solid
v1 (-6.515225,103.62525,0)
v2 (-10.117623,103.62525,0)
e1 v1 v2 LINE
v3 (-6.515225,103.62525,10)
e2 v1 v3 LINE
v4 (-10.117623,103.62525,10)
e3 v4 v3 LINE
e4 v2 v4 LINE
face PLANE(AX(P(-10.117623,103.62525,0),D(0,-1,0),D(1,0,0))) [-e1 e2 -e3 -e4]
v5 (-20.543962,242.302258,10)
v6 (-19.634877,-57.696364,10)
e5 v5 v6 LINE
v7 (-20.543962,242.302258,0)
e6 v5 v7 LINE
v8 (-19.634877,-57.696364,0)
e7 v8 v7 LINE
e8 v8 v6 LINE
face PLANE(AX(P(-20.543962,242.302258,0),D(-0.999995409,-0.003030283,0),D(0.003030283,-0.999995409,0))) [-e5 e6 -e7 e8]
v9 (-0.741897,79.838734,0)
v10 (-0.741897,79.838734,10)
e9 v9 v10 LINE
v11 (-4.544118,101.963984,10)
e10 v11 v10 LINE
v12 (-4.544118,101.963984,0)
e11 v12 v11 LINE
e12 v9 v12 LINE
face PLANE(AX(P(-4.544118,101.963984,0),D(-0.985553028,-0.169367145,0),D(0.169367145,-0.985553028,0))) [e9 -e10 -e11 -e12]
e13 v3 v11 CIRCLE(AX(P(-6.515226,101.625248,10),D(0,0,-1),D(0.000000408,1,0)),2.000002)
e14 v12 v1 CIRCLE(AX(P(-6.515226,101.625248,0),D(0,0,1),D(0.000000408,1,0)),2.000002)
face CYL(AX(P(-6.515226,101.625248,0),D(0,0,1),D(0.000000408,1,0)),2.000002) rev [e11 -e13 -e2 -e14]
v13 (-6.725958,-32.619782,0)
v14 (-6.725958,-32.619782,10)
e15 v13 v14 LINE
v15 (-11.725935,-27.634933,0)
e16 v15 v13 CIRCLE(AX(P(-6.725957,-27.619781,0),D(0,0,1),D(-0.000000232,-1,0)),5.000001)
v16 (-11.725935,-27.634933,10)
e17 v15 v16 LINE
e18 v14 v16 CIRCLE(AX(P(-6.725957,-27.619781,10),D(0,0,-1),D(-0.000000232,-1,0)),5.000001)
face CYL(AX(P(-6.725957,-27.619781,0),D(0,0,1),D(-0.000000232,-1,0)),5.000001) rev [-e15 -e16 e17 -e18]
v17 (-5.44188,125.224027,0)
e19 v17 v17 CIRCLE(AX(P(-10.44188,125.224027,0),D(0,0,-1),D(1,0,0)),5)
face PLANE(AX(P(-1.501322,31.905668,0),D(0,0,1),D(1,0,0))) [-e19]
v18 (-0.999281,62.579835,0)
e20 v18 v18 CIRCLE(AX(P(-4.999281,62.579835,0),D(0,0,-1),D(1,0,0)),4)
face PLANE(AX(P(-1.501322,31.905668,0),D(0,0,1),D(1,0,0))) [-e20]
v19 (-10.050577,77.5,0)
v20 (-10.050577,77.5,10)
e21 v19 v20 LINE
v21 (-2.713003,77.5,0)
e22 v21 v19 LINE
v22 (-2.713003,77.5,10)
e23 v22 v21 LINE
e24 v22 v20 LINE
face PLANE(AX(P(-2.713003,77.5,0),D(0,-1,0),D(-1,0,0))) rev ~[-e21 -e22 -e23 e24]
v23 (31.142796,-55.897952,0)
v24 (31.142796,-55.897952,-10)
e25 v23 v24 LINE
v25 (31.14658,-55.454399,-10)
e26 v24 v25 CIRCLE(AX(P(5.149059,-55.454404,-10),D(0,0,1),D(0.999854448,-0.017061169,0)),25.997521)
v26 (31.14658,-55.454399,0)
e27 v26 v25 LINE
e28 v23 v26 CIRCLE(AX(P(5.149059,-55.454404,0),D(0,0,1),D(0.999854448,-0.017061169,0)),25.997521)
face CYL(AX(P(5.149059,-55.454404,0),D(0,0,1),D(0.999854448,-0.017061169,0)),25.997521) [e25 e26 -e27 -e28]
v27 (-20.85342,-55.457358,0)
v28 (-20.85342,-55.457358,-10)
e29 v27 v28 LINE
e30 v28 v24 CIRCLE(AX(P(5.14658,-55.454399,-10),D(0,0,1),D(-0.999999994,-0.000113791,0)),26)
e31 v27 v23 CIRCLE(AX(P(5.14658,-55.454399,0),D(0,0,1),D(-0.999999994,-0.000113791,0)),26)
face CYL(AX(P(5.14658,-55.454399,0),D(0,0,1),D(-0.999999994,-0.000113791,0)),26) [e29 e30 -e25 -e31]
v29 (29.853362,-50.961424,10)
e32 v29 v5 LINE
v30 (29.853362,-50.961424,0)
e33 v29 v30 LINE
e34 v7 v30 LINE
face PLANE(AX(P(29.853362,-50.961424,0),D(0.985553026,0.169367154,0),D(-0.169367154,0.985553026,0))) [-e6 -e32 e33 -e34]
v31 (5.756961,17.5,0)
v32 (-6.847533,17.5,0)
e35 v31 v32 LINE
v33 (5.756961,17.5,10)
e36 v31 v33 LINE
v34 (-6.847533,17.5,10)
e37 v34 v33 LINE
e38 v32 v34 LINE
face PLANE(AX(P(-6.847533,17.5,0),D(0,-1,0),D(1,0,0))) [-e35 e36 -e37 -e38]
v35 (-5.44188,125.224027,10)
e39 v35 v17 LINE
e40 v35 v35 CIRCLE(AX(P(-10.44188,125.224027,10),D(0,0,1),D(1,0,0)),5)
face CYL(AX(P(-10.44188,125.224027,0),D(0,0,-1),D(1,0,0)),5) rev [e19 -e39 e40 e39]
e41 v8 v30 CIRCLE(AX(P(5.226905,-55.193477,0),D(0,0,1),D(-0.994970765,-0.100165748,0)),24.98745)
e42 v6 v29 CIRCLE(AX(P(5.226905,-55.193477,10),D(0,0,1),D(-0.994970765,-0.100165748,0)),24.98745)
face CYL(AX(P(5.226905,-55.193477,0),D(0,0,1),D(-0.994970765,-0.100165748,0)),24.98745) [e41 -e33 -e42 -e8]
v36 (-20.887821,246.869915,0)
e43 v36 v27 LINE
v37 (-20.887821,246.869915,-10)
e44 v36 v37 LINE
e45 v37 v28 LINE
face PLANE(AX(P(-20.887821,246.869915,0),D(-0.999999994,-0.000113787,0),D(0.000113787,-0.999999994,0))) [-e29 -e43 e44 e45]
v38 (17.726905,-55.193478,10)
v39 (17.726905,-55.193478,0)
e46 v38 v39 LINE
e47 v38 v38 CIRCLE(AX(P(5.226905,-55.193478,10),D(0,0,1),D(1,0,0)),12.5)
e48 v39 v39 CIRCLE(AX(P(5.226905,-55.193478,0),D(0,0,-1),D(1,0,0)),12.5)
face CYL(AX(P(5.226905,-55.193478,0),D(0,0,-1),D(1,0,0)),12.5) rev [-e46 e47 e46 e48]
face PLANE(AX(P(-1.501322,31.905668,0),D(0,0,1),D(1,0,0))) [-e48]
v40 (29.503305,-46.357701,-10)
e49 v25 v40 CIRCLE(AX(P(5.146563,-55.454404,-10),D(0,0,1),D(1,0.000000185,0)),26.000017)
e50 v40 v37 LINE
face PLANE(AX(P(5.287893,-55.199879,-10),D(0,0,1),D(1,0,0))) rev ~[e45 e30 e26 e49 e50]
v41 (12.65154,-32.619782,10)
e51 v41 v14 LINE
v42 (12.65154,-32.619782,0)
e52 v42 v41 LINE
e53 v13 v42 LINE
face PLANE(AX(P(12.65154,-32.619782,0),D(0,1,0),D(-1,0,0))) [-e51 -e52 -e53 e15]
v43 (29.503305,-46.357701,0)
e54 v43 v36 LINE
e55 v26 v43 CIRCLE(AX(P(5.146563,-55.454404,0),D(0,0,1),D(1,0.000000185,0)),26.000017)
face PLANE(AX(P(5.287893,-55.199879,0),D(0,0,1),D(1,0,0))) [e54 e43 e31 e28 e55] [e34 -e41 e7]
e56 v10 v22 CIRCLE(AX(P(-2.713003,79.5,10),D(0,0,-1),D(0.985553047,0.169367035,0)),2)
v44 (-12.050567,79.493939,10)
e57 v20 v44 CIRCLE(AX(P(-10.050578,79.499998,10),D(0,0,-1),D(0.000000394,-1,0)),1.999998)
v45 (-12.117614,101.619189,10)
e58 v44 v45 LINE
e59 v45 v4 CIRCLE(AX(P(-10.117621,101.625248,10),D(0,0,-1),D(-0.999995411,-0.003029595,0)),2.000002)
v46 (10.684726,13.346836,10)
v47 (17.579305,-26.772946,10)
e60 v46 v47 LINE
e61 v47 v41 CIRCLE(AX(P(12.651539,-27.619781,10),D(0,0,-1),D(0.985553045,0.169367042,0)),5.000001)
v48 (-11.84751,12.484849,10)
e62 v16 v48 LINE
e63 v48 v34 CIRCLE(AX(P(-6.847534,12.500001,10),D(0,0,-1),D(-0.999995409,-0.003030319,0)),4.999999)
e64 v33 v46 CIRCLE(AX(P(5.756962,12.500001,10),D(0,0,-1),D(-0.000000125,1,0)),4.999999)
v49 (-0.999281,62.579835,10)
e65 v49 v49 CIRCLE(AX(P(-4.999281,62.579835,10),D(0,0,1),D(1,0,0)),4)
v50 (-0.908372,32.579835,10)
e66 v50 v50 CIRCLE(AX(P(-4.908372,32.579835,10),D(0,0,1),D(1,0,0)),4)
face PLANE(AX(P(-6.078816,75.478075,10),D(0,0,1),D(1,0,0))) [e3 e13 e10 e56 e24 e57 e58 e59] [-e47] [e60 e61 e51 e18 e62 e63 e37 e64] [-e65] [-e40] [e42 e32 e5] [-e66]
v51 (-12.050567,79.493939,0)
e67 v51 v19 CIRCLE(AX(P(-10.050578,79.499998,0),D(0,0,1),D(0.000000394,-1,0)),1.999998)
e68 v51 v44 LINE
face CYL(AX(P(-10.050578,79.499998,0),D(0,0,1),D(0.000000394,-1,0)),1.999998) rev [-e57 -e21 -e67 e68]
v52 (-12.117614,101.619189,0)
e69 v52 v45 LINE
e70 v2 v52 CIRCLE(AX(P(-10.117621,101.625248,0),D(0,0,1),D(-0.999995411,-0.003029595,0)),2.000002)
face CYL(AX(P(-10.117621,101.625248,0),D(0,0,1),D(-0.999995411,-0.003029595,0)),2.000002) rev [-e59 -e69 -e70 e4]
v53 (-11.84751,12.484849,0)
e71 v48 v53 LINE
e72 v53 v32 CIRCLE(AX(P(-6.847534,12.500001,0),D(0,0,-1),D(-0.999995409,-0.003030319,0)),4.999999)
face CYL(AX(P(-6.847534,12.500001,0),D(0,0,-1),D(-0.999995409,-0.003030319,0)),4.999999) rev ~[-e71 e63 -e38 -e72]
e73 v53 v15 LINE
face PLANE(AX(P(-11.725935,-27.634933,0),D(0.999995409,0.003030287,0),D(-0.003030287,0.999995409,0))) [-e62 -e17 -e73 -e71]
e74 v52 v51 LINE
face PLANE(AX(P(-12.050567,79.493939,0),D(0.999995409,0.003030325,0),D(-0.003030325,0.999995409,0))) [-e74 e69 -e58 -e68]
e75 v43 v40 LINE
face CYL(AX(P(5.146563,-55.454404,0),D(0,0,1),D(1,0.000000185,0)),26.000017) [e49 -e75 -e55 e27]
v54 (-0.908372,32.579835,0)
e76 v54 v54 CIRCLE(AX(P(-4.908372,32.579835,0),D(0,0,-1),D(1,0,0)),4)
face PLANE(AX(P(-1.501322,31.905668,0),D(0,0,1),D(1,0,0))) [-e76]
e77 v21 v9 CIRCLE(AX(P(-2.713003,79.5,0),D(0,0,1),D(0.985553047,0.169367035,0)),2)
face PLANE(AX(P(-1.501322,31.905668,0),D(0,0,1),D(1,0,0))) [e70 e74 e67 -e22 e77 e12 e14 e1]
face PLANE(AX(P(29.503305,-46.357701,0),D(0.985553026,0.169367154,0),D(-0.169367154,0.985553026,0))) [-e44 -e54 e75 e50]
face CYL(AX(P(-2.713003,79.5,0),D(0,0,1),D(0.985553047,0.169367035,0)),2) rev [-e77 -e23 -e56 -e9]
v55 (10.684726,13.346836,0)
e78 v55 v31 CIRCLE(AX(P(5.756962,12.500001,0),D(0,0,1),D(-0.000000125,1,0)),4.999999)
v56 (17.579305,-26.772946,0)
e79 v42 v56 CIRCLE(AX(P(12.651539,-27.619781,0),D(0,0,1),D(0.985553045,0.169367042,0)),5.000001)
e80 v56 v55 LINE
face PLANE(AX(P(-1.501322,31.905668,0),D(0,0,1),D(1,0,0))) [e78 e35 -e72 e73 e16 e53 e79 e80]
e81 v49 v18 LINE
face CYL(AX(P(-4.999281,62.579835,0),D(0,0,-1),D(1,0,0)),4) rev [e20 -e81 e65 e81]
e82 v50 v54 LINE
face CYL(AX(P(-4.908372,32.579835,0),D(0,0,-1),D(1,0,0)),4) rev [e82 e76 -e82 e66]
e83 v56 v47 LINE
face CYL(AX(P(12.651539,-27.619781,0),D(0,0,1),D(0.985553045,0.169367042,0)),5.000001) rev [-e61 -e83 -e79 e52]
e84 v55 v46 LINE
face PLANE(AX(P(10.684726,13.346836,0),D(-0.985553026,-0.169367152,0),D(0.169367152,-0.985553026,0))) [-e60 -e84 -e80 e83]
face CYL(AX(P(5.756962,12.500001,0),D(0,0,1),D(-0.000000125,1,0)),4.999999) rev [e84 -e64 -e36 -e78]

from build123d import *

# Parameters (mm, degrees)
F0_R     = 4
F0_R_2   = 12.5
F0_R_3   = 5
F1_DEPTH = 10
F3_DEPTH = 10
F5_DEPTH = 10


with BuildPart() as f1:
    # F0 (on Top) → F1 (new body, symmetric)
    with BuildSketch(Plane.XY):
        with BuildLine():
            Line((-20.543962, 242.302258), (-19.634877, -57.696364))
            ThreePointArc((-19.634877, -57.696364), (8.59643, -79.952697), (29.853362, -50.961424))
            Line((29.853362, -50.961424), (-20.543962, 242.302258))
        make_face()
        with BuildLine():
            Line((12.65154, -32.619782), (-6.725958, -32.619782))
            ThreePointArc((-6.725958, -32.619782), (-10.256131, -31.160668), (-11.725935, -27.634933))
            Line((-11.725935, -27.634933), (-11.84751, 12.484849))
            ThreePointArc((-11.84751, 12.484849), (-10.38842, 16.030173), (-6.847533, 17.5))
            Line((-6.847533, 17.5), (5.756961, 17.5))
            ThreePointArc((5.756961, 17.5), (8.979214, 16.32323), (10.684726, 13.346836))
            Line((10.684726, 13.346836), (17.579305, -26.772946))
            ThreePointArc((17.579305, -26.772946), (16.47477, -30.842034), (12.65154, -32.619782))
        make_face(mode=Mode.SUBTRACT)
        with Locations((-4.908372, 32.579835)):
            Circle(F0_R, mode=Mode.SUBTRACT)
        with Locations((-4.999281, 62.579835)):
            Circle(F0_R, mode=Mode.SUBTRACT)
        with Locations((5.226905, -55.193478)):
            Circle(F0_R_2, mode=Mode.SUBTRACT)
        with Locations((-10.44188, 125.224027)):
            Circle(F0_R_3, mode=Mode.SUBTRACT)
        with BuildLine():
            Line((-2.713003, 77.5), (-10.050577, 77.5))
            ThreePointArc((-10.050577, 77.5), (-11.462646, 78.083645), (-12.050567, 79.493939))
            Line((-12.050567, 79.493939), (-12.117614, 101.619189))
            ThreePointArc((-12.117614, 101.619189), (-11.533977, 103.037319), (-10.117623, 103.62525))
            Line((-10.117623, 103.62525), (-6.515225, 103.62525))
            ThreePointArc((-6.515225, 103.62525), (-5.226324, 103.154542), (-4.544118, 101.963984))
            Line((-4.544118, 101.963984), (-0.741897, 79.838734))
            ThreePointArc((-0.741897, 79.838734), (-1.183711, 78.211099), (-2.713003, 77.5))
        make_face(mode=Mode.SUBTRACT)
    extrude(amount=F1_DEPTH, both=True)

    # F2 (on Top) → F3 (join)
    with BuildSketch(Plane.XY):
        with BuildLine():
            Line((-17.758185, 116.28598), (-12.327851, 113.452759))
            Line((-12.327851, 113.452759), (-12.327851, -47.830094))
            ThreePointArc((-12.327851, -47.830094), (1.176909, -74.372973), (23.646388, -54.8275))
            Line((23.646388, -54.8275), (-7.25136, 142.539755))
            Line((-7.25136, 142.539755), (-12.327851, 142.539755))
            Line((-12.327851, 142.539755), (-17.758185, 116.28598))
        make_face()
    extrude(amount=-F3_DEPTH)

    # F4 (on Top) → F5 (join)
    with BuildSketch(Plane.XY):
        with BuildLine():
            ThreePointArc((29.503305, -46.357701), (0.523158, -29.868779), (-20.85342, -55.457358))
            ThreePointArc((-20.85342, -55.457358), (4.926275, -81.453466), (31.142796, -55.897952))
            Line((31.142796, -55.897952), (29.503305, -46.357701))
        make_face()
        with BuildLine():
            Line((-20.887821, 246.869915), (-20.85342, -55.457358))
            ThreePointArc((-20.85342, -55.457358), (0.523158, -29.868779), (29.503305, -46.357701))
            Line((29.503305, -46.357701), (-20.887821, 246.869915))
        make_face()
        with BuildLine():
            Line((29.503305, -46.357701), (31.142796, -55.897952))
            ThreePointArc((31.142796, -55.897952), (31.145634, -55.676184), (31.14658, -55.454399))
            ThreePointArc((31.14658, -55.454399), (30.732463, -50.832434), (29.503305, -46.357701))
        make_face()
    extrude(amount=-F5_DEPTH)


solid = f1.part
